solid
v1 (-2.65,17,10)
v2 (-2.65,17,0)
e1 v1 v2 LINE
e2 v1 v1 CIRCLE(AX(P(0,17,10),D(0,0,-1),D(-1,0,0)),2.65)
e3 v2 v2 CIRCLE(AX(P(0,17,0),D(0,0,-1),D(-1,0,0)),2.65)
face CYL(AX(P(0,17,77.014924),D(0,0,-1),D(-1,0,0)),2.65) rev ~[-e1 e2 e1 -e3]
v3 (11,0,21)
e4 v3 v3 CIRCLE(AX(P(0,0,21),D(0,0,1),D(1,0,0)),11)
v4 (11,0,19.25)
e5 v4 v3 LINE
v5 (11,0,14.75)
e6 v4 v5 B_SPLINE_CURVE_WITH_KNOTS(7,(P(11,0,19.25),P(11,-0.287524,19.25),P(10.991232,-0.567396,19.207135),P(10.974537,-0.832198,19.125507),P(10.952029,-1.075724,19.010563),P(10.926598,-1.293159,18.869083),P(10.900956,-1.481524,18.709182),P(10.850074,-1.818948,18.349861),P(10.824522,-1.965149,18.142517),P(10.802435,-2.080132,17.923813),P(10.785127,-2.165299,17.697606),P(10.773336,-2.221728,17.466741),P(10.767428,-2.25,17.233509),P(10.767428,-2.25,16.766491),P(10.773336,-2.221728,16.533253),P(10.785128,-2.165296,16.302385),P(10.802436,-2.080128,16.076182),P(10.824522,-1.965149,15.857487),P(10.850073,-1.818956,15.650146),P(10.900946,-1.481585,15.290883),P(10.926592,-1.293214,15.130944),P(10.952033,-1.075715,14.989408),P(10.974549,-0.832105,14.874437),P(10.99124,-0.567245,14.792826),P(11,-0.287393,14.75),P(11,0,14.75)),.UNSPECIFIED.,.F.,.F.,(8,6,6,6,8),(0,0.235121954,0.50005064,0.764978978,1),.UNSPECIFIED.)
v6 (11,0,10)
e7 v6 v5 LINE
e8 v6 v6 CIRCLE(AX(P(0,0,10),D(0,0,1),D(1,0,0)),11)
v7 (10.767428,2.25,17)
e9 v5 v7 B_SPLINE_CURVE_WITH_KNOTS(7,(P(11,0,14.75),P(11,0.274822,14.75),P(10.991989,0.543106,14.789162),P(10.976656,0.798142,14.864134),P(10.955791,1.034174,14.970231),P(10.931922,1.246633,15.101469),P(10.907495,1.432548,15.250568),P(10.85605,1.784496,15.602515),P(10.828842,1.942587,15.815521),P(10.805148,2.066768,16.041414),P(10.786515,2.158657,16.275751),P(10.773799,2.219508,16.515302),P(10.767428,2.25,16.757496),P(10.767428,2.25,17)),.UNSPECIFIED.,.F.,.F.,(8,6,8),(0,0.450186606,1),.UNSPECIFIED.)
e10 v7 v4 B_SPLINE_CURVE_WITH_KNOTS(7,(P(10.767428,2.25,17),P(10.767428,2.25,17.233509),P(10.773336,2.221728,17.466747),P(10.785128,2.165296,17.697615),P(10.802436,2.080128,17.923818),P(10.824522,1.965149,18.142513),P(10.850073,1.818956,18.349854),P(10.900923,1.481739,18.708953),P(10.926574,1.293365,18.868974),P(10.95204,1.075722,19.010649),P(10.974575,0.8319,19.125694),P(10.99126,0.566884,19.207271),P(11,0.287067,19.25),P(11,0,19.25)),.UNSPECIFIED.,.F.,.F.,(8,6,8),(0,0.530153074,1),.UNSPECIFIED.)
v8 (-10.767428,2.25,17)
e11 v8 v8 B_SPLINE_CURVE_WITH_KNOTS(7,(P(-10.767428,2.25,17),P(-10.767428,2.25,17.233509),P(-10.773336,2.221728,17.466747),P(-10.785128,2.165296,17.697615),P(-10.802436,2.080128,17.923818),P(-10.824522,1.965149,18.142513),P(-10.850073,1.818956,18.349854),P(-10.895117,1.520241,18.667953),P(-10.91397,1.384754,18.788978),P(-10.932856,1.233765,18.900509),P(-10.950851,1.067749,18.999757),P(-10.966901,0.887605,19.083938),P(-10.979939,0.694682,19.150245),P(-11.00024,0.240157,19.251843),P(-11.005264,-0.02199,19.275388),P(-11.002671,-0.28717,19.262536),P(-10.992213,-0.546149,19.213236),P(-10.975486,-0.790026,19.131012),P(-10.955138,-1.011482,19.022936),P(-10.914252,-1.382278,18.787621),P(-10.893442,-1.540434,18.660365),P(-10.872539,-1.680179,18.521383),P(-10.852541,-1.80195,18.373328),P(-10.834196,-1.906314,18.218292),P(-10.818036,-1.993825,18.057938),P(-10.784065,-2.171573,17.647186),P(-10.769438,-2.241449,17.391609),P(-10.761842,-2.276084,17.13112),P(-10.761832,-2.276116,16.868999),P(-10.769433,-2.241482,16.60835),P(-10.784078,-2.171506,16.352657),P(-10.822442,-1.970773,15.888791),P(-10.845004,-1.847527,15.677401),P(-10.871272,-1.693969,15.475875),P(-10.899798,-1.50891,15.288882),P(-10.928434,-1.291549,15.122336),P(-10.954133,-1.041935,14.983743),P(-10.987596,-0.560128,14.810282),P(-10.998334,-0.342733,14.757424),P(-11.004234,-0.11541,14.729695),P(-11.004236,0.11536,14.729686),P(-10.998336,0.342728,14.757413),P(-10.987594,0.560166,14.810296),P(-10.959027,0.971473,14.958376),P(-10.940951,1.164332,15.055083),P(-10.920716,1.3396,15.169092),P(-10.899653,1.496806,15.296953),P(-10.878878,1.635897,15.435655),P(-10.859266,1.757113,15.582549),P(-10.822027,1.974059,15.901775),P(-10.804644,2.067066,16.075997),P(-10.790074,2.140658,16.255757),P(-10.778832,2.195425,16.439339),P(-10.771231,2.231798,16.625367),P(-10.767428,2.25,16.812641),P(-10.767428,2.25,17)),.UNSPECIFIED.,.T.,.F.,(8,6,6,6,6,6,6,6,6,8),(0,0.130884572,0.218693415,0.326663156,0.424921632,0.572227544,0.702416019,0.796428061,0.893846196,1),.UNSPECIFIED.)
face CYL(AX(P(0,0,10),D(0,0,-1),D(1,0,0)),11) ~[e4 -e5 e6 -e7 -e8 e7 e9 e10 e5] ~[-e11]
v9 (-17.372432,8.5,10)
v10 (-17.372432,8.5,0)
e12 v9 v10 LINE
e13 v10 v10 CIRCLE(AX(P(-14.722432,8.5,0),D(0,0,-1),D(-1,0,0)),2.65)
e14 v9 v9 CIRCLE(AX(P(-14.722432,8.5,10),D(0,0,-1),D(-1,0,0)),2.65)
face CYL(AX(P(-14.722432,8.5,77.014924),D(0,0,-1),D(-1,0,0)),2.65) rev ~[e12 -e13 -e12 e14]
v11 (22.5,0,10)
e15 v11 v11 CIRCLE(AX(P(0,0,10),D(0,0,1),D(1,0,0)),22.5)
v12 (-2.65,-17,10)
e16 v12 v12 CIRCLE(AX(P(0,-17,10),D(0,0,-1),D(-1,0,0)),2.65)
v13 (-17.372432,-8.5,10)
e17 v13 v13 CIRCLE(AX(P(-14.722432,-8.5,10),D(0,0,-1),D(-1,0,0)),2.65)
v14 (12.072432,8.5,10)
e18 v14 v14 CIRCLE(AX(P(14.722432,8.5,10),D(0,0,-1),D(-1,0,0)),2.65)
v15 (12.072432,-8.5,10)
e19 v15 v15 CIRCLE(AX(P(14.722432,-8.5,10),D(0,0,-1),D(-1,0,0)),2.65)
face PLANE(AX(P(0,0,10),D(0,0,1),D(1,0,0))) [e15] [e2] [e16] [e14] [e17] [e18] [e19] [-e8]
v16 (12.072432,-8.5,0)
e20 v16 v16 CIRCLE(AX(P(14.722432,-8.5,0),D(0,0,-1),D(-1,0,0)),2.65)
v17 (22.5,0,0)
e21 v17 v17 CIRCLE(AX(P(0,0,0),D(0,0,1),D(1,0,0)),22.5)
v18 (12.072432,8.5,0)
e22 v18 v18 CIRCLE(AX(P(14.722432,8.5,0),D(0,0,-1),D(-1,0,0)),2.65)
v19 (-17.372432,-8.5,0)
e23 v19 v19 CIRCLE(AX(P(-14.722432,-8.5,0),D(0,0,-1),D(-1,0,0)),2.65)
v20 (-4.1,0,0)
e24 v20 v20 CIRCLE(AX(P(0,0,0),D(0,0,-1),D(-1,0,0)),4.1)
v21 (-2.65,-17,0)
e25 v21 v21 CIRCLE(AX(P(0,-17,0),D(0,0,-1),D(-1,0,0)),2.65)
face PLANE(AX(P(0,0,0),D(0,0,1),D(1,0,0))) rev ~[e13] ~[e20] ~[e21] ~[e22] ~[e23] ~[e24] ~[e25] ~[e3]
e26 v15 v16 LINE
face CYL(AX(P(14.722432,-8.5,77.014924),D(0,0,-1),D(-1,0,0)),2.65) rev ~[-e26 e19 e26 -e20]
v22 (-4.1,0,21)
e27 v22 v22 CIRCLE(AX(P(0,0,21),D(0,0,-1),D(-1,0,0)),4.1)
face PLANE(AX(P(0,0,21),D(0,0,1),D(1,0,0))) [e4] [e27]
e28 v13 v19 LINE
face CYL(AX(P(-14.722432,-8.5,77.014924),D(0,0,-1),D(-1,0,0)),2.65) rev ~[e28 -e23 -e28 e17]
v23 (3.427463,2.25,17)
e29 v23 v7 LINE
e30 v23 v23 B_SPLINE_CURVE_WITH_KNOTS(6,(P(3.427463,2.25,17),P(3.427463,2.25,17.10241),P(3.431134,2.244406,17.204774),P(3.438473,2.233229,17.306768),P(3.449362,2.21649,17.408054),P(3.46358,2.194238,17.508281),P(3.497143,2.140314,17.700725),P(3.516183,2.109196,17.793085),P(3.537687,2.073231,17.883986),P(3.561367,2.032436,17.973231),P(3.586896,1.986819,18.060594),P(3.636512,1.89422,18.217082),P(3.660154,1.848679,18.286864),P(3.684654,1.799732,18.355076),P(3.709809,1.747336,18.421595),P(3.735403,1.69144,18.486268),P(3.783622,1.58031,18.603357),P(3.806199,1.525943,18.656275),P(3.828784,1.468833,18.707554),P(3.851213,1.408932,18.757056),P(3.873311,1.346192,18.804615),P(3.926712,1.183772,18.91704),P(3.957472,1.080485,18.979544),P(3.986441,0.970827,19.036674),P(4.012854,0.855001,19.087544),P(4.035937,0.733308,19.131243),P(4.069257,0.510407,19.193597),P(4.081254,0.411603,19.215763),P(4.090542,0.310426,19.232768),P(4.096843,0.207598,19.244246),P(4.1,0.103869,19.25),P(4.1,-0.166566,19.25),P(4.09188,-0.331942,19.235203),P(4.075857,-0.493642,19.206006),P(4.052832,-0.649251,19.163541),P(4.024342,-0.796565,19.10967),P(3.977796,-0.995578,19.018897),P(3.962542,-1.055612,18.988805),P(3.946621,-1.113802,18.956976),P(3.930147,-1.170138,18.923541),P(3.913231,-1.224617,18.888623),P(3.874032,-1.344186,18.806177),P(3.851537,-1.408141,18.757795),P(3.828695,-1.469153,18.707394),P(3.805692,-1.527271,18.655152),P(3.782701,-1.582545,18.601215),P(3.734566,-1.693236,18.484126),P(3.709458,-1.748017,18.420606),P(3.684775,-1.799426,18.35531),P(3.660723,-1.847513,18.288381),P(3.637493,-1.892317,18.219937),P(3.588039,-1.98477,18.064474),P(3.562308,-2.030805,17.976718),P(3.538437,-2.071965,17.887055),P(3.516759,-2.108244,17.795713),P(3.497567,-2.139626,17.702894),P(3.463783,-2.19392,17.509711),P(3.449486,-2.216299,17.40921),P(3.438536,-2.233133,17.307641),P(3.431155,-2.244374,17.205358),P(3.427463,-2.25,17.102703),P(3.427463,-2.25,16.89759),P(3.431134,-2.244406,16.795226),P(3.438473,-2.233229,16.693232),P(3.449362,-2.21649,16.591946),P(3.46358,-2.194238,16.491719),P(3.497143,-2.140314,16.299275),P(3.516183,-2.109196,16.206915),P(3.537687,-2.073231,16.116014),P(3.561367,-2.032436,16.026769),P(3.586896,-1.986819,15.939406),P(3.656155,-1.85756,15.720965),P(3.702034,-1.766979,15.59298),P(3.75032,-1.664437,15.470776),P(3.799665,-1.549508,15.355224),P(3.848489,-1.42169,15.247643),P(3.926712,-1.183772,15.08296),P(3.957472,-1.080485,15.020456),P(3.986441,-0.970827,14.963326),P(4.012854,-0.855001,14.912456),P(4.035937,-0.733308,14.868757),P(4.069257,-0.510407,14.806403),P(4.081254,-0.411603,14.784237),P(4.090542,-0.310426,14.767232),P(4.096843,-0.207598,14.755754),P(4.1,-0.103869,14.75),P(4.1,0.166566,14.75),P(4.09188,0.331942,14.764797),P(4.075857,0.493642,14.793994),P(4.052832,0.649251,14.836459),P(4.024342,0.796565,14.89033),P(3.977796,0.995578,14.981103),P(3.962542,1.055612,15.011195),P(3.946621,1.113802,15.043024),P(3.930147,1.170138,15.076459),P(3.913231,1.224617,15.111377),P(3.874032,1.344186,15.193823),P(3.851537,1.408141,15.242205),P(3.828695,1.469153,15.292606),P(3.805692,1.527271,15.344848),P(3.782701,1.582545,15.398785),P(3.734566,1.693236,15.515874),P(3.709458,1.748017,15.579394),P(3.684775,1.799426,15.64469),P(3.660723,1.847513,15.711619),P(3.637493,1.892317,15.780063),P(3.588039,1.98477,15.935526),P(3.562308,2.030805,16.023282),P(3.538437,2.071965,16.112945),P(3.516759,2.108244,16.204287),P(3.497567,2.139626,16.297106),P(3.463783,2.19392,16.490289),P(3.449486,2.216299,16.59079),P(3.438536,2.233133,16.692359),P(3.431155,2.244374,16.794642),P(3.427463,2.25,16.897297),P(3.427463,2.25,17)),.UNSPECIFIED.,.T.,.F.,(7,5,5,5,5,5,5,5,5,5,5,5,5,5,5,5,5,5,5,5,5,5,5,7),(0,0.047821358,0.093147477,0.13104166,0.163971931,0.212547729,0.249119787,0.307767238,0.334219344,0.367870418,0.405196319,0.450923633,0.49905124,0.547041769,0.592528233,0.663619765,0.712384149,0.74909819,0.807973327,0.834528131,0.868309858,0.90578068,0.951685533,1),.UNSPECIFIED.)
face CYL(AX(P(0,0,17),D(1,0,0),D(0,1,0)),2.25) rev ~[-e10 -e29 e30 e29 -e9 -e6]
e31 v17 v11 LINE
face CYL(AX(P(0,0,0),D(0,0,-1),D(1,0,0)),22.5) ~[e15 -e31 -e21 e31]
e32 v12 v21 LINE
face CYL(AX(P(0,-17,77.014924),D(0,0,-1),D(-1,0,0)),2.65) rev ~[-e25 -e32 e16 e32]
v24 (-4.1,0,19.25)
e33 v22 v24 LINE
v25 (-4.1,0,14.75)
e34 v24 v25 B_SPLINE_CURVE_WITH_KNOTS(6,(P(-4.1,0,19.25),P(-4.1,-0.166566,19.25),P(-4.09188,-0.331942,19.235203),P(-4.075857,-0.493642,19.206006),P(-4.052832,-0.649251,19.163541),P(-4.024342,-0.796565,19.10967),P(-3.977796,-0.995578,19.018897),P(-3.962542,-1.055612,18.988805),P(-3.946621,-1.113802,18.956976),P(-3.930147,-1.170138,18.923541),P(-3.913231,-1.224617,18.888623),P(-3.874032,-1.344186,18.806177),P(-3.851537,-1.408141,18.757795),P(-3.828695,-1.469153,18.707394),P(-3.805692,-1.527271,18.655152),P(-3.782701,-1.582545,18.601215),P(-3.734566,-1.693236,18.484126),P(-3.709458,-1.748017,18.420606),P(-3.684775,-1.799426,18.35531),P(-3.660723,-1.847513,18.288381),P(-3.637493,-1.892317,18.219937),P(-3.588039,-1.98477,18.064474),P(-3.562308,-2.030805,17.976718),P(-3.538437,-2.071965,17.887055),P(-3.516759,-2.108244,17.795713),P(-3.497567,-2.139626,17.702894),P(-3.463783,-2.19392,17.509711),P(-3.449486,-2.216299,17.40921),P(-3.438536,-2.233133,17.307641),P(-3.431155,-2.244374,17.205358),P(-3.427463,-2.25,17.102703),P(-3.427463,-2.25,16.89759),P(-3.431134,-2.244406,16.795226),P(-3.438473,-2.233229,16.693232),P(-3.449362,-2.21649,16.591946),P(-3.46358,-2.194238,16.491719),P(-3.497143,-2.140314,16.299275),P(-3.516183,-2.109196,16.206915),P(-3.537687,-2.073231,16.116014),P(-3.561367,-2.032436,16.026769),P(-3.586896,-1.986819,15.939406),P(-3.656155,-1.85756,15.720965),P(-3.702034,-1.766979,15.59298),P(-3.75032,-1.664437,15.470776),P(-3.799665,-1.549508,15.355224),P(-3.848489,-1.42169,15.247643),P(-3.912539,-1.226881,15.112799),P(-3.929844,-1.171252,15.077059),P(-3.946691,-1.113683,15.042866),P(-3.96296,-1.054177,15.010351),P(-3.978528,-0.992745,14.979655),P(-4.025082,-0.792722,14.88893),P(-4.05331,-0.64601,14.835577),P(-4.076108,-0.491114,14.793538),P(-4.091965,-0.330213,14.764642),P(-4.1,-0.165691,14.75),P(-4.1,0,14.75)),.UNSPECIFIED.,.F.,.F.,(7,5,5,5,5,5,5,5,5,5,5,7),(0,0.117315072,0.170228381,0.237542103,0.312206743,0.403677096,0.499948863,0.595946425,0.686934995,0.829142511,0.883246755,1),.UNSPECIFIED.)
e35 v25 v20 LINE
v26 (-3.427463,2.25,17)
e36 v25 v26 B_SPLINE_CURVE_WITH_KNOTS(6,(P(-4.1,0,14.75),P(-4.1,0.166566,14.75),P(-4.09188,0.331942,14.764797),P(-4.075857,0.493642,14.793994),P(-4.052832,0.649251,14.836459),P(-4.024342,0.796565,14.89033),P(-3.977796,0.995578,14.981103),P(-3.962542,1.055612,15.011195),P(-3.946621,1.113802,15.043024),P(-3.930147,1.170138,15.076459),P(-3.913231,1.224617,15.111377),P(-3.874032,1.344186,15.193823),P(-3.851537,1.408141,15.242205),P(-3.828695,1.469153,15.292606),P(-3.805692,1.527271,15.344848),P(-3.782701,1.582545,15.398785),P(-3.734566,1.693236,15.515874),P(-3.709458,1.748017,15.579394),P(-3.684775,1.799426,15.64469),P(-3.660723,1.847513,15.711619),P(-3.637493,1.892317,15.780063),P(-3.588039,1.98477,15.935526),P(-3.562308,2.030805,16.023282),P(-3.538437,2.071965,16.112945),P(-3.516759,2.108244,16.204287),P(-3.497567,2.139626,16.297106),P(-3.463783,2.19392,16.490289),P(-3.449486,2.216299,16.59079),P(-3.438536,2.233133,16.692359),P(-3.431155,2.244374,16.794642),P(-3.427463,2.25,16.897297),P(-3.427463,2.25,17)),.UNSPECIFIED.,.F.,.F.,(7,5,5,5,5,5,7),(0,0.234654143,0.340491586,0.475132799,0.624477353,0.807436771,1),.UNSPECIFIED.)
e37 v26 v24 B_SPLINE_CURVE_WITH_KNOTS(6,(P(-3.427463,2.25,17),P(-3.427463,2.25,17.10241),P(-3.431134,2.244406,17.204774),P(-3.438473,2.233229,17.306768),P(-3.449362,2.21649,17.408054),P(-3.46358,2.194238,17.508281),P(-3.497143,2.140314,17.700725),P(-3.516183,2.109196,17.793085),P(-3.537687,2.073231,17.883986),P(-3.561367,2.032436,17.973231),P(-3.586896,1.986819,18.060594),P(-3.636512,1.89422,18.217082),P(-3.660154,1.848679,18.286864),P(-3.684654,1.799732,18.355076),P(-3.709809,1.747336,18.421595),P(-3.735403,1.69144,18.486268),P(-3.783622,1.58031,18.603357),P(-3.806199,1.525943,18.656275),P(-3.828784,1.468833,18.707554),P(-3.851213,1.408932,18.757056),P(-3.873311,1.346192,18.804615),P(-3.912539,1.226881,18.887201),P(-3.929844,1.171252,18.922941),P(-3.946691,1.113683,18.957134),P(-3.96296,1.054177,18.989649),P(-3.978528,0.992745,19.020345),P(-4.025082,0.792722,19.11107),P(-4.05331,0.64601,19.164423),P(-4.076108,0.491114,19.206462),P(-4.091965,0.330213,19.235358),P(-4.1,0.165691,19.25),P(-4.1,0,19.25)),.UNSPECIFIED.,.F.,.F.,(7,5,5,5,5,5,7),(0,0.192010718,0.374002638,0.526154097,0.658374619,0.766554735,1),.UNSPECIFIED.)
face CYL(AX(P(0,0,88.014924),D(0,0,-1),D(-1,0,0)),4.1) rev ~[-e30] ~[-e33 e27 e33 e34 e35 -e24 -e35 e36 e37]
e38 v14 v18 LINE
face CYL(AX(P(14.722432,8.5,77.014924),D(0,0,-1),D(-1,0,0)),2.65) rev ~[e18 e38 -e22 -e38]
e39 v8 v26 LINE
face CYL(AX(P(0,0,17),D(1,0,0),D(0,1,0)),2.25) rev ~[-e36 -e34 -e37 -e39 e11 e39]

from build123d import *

# Parameters (mm, degrees)
F0_R     = 22.5
F1_DEPTH = 10
F2_R     = 11
F3_DEPTH = 11
F5_D     = 8.2
F7_D     = 5.3
F8_R     = 2.25
F9_DEPTH = 50


with BuildPart() as f1:
    # F0 (on Top) → F1 (new body)
    with BuildSketch(Plane.XY):
        Circle(F0_R)
    extrude(amount=F1_DEPTH)

    # F2 (on face) → F3 (join)
    with BuildSketch(Plane.XY.offset(10)):
        Circle(F2_R)
    extrude(amount=F3_DEPTH)

    # F5 (through all)
    with Locations(Plane.XY.offset(21)):
        with Locations((0, 0)):
            Hole(F5_D / 2)

    # F7 (through all)
    with Locations(Plane.XY.offset(10)):
        with Locations((0, 17), (14.722432, 8.5), (14.722432, -8.5), (0, -17), (-14.722432, -8.5), (-14.722432, 8.5)):
            Hole(F7_D / 2)

    # F8 (on Right) → F9 (cut, symmetric)
    with BuildSketch(Plane.YZ):
        with Locations((0, 17)):
            Circle(F8_R)
    extrude(amount=F9_DEPTH, both=True, mode=Mode.SUBTRACT)


solid = f1.part
